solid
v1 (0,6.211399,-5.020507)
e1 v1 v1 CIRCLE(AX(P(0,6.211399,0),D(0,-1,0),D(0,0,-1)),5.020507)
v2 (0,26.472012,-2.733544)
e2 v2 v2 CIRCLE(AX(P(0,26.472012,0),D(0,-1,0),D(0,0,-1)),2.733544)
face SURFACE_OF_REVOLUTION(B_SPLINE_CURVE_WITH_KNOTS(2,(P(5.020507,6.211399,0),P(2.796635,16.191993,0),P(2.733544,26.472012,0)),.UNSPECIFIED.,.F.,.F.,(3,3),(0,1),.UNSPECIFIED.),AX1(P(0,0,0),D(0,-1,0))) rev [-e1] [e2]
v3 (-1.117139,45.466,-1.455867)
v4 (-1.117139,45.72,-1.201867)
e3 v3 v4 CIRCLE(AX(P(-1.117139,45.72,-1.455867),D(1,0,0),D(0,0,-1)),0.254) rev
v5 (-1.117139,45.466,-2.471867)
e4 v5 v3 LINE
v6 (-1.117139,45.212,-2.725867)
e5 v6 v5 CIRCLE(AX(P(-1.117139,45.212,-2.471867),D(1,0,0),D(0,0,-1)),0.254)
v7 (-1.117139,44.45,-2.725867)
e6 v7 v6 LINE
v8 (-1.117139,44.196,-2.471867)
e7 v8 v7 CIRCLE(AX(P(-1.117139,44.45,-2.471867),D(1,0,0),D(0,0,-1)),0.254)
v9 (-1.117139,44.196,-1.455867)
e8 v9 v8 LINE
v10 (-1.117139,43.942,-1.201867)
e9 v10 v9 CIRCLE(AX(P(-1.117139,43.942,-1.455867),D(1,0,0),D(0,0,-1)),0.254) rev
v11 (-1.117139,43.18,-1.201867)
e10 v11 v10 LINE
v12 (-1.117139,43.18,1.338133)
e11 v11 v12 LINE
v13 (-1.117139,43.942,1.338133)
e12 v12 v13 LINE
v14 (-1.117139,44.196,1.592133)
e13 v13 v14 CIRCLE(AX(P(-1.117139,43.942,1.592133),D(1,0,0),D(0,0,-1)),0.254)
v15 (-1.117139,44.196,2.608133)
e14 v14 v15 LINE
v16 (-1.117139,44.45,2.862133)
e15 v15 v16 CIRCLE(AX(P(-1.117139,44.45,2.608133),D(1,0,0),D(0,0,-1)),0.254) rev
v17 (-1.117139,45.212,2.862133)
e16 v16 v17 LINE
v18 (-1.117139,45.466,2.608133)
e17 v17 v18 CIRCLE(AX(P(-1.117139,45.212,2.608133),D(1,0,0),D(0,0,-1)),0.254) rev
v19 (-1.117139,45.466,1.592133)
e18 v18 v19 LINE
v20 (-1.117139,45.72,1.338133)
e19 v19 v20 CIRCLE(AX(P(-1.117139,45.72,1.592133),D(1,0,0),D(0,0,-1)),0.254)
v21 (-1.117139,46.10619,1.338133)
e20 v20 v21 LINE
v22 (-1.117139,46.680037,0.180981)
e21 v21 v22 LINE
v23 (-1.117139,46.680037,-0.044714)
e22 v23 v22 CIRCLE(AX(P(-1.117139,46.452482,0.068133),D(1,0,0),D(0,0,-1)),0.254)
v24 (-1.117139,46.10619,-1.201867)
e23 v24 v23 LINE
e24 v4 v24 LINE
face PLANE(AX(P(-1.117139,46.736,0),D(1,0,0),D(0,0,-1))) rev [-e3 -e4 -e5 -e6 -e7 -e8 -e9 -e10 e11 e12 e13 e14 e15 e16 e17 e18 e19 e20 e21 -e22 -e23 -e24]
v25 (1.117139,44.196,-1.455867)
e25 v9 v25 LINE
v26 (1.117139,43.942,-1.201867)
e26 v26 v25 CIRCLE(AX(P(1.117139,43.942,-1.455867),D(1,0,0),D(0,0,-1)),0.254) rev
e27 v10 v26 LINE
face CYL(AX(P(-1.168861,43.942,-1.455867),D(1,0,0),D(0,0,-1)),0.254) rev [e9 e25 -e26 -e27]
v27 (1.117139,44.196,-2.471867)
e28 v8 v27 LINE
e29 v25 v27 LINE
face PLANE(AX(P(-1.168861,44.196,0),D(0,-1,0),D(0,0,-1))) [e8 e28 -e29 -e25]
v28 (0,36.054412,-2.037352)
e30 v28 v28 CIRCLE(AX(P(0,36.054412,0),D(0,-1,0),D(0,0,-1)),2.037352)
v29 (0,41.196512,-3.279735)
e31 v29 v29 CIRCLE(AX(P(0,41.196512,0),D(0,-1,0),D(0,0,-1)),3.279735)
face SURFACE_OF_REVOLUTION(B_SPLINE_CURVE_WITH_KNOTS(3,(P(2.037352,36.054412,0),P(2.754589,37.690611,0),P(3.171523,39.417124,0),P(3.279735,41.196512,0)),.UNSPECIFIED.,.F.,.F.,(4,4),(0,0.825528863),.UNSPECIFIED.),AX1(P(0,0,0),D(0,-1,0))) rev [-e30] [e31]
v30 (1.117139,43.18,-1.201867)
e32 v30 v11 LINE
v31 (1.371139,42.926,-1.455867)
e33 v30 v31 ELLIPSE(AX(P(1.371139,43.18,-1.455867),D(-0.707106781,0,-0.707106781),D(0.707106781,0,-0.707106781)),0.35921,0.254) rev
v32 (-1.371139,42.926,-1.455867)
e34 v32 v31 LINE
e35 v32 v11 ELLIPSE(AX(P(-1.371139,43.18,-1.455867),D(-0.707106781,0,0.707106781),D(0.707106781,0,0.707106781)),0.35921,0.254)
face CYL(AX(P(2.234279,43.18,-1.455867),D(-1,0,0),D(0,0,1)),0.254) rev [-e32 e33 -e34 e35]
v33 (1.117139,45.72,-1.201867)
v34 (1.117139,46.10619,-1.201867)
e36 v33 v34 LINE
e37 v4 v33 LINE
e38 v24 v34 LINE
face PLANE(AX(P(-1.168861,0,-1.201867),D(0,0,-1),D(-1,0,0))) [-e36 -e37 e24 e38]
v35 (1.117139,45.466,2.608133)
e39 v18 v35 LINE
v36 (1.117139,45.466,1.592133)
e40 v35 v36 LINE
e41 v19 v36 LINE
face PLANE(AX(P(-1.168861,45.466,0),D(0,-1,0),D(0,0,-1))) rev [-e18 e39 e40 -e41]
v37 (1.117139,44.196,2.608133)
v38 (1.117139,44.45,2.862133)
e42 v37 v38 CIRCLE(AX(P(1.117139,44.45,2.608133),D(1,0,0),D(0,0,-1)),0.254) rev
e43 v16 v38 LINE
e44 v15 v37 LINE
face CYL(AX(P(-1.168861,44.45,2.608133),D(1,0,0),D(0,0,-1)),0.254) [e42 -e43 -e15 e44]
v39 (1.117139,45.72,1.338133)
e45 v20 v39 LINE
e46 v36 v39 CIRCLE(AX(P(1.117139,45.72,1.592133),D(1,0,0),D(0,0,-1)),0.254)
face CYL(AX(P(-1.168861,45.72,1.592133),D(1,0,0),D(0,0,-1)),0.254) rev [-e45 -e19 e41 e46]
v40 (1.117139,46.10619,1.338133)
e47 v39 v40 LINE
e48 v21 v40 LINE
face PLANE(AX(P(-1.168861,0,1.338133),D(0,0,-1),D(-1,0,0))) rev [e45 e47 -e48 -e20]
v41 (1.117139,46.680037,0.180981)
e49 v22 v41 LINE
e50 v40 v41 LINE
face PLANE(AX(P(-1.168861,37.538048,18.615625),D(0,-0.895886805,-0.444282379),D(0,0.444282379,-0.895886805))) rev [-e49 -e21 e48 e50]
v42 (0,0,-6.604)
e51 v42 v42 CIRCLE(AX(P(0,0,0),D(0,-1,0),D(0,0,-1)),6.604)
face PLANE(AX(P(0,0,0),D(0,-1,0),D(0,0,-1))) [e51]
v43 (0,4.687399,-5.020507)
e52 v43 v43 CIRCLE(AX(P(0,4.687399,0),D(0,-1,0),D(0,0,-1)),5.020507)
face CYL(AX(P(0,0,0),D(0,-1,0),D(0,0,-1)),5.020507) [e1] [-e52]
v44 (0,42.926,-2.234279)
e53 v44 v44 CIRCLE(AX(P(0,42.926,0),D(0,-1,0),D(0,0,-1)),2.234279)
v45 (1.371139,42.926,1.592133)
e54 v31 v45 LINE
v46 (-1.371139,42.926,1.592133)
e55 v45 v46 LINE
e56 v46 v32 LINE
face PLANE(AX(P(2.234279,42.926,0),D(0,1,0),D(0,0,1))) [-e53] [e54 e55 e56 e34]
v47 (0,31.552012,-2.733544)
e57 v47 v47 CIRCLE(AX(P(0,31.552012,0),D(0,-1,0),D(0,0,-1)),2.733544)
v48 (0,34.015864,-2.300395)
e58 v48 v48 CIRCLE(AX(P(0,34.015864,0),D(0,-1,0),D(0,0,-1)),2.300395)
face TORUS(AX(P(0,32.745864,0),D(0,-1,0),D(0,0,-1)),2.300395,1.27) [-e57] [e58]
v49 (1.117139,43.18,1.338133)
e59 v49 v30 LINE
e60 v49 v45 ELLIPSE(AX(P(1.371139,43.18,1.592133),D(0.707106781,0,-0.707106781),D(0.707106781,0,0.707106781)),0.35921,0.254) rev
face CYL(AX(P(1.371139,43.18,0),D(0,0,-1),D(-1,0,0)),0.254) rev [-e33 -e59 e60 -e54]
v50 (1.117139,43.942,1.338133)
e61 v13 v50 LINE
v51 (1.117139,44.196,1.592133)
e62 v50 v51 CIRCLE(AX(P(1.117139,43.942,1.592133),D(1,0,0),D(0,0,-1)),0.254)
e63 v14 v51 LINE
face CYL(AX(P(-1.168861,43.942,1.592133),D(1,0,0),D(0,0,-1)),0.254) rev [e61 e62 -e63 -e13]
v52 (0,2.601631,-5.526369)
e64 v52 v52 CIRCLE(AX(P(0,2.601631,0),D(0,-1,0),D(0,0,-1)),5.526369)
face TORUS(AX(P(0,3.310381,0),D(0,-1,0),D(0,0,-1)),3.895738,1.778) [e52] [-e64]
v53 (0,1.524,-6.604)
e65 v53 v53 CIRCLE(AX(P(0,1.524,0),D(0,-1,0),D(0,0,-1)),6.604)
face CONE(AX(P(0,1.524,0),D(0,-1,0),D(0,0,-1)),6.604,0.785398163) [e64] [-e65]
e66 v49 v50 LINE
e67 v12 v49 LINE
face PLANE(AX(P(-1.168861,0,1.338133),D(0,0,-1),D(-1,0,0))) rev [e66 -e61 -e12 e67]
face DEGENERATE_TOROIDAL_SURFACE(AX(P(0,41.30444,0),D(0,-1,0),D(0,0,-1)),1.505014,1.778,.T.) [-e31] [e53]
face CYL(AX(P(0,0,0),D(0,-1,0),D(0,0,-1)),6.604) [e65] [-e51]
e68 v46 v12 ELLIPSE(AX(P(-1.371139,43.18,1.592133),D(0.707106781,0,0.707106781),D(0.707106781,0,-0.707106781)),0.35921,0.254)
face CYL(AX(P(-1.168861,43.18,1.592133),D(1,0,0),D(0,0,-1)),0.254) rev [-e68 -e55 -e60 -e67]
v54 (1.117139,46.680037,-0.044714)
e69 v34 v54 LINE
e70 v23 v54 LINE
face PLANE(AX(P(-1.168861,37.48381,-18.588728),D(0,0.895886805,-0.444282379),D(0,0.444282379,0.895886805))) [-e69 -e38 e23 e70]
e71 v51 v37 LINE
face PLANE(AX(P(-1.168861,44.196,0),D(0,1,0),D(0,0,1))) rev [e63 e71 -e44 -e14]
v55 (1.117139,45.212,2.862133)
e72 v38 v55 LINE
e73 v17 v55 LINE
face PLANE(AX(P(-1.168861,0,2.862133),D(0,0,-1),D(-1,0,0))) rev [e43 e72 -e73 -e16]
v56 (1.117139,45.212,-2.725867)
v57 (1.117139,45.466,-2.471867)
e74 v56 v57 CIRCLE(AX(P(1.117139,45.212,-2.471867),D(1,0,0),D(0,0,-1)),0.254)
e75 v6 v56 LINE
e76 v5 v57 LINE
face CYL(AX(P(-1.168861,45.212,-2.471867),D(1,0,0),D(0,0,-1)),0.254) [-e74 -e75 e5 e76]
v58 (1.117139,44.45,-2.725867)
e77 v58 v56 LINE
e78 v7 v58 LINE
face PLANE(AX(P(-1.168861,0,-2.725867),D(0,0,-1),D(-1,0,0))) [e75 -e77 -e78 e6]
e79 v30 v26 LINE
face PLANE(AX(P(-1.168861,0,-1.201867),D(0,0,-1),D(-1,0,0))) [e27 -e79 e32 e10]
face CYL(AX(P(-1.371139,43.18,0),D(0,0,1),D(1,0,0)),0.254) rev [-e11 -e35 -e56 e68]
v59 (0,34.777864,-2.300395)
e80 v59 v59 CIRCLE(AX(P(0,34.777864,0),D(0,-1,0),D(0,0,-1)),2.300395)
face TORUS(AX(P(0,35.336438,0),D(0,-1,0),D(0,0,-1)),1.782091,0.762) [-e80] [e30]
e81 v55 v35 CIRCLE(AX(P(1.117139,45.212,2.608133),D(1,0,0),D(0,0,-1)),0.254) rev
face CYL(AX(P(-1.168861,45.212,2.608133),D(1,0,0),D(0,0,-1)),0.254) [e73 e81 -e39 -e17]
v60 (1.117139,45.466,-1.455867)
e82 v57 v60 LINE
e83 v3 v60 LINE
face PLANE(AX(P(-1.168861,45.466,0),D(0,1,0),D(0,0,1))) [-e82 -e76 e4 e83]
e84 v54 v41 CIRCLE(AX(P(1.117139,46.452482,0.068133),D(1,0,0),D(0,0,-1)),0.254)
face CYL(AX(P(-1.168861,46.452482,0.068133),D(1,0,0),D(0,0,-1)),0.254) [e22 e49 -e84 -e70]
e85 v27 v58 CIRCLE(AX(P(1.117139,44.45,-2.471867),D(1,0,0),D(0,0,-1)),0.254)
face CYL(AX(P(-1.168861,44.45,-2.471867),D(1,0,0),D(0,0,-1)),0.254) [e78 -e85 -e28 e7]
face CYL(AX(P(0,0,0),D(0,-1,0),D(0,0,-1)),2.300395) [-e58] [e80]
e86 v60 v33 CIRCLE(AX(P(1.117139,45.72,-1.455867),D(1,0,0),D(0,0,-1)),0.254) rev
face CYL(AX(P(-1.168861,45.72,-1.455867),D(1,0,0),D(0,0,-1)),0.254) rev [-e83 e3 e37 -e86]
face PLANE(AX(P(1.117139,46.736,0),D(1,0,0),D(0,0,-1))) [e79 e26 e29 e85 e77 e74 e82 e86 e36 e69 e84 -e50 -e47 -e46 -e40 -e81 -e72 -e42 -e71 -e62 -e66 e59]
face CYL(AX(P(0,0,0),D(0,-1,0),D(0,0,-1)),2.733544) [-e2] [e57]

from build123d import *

# Parameters (mm, degrees)
SKETCH3_W           = 2.234278516
SKETCH3_H           = 3.869883908
BOSS_EXTRUDE1_DEPTH = 3.81
SKETCH4_W           = 2.234278516
SKETCH4_H           = 3.81
BOSS_EXTRUDE2_DEPTH = 1.27
SKETCH7_W           = 2.234278516
SKETCH7_H           = 3.81
BOSS_EXTRUDE3_DEPTH = 1.27
CUT_EXTRUDE3_DEPTH  = 2.286
FILLET1_R           = 0.254


with BuildPart() as part:
    # Sketch1 → Revolve1 (revolve)
    with BuildSketch(Plane.XY):
        with BuildLine():
            Line((0, 0), (6.604, 0))
            Line((6.604, 0), (6.604, 1.524))
            Line((6.604, 1.524), (5.526369265, 2.601630735))
            ThreePointArc((5.526369265, 2.601630735), (5.623645794, 3.729450681), (5.02050731, 4.687398762))
            Line((5.02050731, 4.687398762), (5.02050731, 6.211398762))
            add(Edge.make_bspline(
                [(5.02050731, 6.211398762), (2.796634976, 16.191993282), (2.733543957, 26.472012216)],
                knots=[0, 0, 0, 1, 1, 1], degree=2))
            Line((2.733543957, 26.472012216), (2.733543957, 31.552012216))
            ThreePointArc((2.733543957, 31.552012216), (3.551212648, 32.965759778), (2.300394609, 34.015863816))
            Line((2.300394609, 34.015863816), (2.300394609, 34.777863816))
            ThreePointArc((2.300394609, 34.777863816), (2.528411489, 35.490223347), (2.037352116, 36.054411694))
            add(Edge.make_bspline(
                [(2.037352116, 36.054411694), (2.754588802, 37.690610821), (3.171523279, 39.41712427), (3.279734912, 41.196512193)],
                knots=[0, 0, 0, 0, 0.825528863, 0.825528863, 0.825528863, 0.825528863], degree=3))
            ThreePointArc((3.279734912, 41.196512193), (3.026614336, 42.224230944), (2.234278516, 42.926))
            Line((2.234278516, 42.926), (0, 42.926))
            Line((0, 42.926), (0, 0))
        make_face()
    revolve(axis=Axis((0, 0, 0), (0, 1, 0)))

    # Sketch3 → Boss-Extrude1 (add)
    with BuildSketch(Plane(origin=(0, 42.926, 0), x_dir=(1, 0, 0), z_dir=(0, 1, 0))):
        Rectangle(SKETCH3_W, SKETCH3_H)
    extrude(amount=BOSS_EXTRUDE1_DEPTH)

    # Sketch4 → Boss-Extrude2 (add)
    with BuildSketch(Plane(origin=(0, 0, -1.934941954), x_dir=(-1, 0, 0), z_dir=(0, 0, -1))):
        with Locations((0, 44.831)):
            Rectangle(SKETCH4_W, SKETCH4_H)
    extrude(amount=BOSS_EXTRUDE2_DEPTH)

    # Sketch7 → Boss-Extrude3 (add)
    with BuildSketch(Plane.XY.offset(1.934941954)):
        with Locations((0, 44.831)):
            Rectangle(SKETCH7_W, SKETCH7_H)
    extrude(amount=BOSS_EXTRUDE3_DEPTH)

    # Sketch11 → Cut-Extrude3 (cut)
    with BuildSketch(Plane(origin=(1.117139258, 0, 0), x_dir=(0, 0, -1), z_dir=(1, 0, 0))):
        with BuildLine():
            Line((-1.934941954, 42.926), (-1.33813329, 42.926))
            Line((-1.33813329, 42.926), (-1.33813329, 43.942))
            ThreePointArc((-1.33813329, 43.942), (-1.412528167, 44.121605122), (-1.59213329, 44.196))
            Line((-1.59213329, 44.196), (-2.60813329, 44.196))
            ThreePointArc((-2.60813329, 44.196), (-2.787738412, 44.270394878), (-2.86213329, 44.45))
            Line((-2.86213329, 44.45), (-2.86213329, 45.212))
            ThreePointArc((-2.86213329, 45.212), (-2.787738412, 45.391605122), (-2.60813329, 45.466))
            Line((-2.60813329, 45.466), (-1.59213329, 45.466))
            ThreePointArc((-1.59213329, 45.466), (-1.412528167, 45.540394878), (-1.33813329, 45.72))
            Line((-1.33813329, 45.72), (-1.33813329, 46.10618983))
            Line((-1.33813329, 46.10618983), (-0.180981014, 46.680037288))
            ThreePointArc((-0.180981014, 46.680037288), (-0.06813329, 46.706482039), (0.044714435, 46.680037288))
            Line((0.044714435, 46.680037288), (1.20186671, 46.10618983))
            Line((1.20186671, 46.10618983), (1.20186671, 45.72))
            ThreePointArc((1.20186671, 45.72), (1.276261588, 45.540394878), (1.45586671, 45.466))
            Line((1.45586671, 45.466), (2.47186671, 45.466))
            ThreePointArc((2.47186671, 45.466), (2.651471833, 45.391605122), (2.72586671, 45.212))
            Line((2.72586671, 45.212), (2.72586671, 44.45))
            ThreePointArc((2.72586671, 44.45), (2.651471833, 44.270394878), (2.47186671, 44.196))
            Line((2.47186671, 44.196), (1.45586671, 44.196))
            ThreePointArc((1.45586671, 44.196), (1.276261588, 44.121605122), (1.20186671, 43.942))
            Line((1.20186671, 43.942), (1.20186671, 42.926))
            Line((1.20186671, 42.926), (1.934941954, 42.926))
            Line((1.934941954, 42.926), (3.204941954, 42.926))
            Line((3.204941954, 42.926), (3.204941954, 46.736))
            Line((3.204941954, 46.736), (-3.204941954, 46.736))
            Line((-3.204941954, 46.736), (-3.204941954, 42.926))
            Line((-3.204941954, 42.926), (-1.934941954, 42.926))
        make_face()
    extrude(amount=-CUT_EXTRUDE3_DEPTH, mode=Mode.SUBTRACT)

    # Fillet1
    fillet1_edges = [part.edges().sort_by_distance(p)[0] for p in [
        (0, 42.926, 1.33813329),
        (-1.117139258, 42.926, 0.06813329),
        (1.117139258, 42.926, 0.06813329),
        (0, 42.926, -1.20186671),
    ]]
    fillet(fillet1_edges, radius=FILLET1_R)


solid = part.part
